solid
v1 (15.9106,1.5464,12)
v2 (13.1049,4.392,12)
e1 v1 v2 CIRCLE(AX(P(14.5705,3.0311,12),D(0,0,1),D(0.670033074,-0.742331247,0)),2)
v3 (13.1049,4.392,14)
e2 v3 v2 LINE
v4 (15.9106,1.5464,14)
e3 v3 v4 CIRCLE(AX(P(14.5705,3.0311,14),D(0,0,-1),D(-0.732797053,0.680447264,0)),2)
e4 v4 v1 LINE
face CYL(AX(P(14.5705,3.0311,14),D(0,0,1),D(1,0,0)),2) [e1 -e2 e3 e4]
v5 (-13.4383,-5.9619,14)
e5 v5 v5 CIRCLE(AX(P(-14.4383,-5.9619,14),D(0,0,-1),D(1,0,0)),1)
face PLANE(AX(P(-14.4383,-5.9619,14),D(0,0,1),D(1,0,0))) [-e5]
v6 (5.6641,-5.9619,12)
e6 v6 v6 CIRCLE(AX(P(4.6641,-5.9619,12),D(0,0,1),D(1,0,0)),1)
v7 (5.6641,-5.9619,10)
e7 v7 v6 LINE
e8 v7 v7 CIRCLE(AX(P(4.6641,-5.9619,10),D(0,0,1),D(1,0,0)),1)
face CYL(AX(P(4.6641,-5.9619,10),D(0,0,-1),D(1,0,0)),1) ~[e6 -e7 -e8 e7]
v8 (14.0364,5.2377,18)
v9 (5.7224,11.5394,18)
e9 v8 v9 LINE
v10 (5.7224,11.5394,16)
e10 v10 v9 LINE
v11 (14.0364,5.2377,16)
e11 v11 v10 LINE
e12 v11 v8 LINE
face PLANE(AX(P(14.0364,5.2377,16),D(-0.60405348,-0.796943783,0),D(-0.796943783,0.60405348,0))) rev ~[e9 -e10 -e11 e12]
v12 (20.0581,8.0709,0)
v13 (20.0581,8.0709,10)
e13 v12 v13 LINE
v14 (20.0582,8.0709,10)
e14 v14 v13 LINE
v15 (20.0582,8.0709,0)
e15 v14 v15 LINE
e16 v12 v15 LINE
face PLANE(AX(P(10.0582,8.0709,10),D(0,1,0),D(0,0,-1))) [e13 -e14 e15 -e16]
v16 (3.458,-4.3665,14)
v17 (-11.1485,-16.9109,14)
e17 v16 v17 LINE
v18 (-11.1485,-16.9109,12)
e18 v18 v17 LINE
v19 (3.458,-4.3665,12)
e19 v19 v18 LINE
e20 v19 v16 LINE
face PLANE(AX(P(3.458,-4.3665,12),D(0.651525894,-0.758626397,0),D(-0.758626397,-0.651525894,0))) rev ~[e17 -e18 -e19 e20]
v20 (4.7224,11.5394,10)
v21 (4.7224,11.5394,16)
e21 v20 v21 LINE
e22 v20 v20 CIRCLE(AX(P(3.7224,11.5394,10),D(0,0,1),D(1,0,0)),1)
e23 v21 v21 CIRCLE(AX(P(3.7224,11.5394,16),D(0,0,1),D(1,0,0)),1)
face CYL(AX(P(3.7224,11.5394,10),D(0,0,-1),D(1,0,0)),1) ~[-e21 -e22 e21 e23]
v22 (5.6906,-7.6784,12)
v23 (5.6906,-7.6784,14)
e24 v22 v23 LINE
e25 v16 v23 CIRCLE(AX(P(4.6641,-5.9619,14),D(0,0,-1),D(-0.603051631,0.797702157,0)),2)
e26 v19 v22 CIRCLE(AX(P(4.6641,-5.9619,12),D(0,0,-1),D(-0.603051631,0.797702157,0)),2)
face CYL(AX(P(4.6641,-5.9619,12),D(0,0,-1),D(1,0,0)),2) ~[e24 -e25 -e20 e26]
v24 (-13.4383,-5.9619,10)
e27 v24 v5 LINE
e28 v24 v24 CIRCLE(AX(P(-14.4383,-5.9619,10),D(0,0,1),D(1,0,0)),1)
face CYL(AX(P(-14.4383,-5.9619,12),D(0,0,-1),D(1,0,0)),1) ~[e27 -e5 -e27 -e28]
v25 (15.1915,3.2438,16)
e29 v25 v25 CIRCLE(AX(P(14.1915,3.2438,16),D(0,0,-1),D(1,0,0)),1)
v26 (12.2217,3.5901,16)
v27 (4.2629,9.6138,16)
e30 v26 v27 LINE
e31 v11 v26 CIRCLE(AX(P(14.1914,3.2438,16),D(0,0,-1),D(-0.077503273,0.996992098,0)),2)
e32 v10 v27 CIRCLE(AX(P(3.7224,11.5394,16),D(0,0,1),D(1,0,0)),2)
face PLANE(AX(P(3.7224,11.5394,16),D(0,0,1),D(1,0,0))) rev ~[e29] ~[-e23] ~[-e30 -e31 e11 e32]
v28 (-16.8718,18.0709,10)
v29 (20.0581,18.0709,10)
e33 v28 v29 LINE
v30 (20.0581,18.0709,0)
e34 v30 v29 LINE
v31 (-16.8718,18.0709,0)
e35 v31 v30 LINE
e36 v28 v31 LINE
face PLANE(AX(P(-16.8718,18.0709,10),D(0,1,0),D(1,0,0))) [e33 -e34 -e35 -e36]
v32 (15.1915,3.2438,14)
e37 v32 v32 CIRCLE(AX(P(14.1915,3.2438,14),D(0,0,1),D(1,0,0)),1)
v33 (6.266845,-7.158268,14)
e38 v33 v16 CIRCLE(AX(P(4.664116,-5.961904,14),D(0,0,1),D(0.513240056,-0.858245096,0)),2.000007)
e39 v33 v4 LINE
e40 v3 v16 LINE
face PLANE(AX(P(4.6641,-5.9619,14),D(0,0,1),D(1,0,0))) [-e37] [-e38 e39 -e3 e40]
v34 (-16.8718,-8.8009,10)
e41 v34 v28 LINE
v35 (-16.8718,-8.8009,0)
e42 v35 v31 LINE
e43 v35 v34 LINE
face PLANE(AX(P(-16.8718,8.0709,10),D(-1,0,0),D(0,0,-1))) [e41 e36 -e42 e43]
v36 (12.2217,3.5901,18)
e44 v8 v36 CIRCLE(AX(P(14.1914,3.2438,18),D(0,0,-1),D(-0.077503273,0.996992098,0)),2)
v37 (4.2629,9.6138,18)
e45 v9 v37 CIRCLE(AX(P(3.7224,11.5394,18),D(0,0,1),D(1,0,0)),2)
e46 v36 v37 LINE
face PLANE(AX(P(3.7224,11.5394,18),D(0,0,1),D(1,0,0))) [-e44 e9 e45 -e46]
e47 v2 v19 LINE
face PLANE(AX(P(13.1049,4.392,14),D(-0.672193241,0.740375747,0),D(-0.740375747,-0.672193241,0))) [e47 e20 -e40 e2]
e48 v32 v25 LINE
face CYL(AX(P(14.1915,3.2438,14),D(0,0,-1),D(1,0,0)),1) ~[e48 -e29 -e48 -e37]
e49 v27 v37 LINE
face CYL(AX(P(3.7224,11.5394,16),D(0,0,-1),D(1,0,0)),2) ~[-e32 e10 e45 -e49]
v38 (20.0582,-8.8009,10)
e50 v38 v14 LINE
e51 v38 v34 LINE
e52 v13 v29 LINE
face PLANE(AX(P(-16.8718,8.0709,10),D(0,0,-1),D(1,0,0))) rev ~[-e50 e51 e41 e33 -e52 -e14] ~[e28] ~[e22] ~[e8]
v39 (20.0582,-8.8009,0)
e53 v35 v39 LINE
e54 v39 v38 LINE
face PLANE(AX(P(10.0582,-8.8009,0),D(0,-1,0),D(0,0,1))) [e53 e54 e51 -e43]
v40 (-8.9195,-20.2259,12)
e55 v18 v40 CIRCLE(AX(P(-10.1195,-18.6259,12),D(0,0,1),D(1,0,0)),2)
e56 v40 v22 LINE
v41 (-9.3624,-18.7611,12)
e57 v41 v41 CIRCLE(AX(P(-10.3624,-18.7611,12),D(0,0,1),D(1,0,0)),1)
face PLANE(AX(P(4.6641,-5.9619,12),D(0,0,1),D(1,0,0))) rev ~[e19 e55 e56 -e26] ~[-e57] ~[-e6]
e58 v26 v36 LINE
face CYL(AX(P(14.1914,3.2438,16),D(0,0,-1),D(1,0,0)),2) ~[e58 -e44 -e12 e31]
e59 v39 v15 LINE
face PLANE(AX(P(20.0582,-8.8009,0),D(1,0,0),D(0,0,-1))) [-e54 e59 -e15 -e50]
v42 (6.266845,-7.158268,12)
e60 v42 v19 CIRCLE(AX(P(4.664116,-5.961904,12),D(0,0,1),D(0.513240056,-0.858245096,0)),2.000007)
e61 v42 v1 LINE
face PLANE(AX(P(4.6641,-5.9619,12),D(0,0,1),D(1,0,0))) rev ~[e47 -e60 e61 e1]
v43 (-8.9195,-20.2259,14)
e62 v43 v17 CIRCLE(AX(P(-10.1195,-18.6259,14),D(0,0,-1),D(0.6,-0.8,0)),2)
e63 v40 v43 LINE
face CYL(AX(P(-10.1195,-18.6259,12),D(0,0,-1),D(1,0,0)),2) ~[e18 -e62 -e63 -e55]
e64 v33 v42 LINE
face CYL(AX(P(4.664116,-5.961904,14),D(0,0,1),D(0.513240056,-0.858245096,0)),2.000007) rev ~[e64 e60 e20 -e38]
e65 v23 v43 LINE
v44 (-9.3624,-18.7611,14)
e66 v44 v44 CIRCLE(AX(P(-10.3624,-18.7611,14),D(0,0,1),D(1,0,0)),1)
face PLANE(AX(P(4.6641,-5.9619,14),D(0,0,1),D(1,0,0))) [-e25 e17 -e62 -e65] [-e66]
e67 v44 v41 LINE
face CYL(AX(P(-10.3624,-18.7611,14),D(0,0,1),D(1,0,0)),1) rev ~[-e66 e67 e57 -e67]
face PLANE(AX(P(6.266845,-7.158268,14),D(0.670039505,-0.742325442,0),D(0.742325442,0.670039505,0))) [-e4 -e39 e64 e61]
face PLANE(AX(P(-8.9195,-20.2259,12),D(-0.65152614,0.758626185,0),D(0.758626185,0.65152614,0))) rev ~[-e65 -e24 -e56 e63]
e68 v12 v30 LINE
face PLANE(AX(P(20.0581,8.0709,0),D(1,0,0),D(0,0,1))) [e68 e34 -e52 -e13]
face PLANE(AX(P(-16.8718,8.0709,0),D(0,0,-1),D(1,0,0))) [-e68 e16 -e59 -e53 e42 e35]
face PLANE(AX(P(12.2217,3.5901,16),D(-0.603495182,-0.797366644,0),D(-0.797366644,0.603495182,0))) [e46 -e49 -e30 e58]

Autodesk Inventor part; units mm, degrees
ref_plane "YZ Plane" through (0, 0, 0) normal (1, 0, 0) x (0, 1, 0)
ref_plane "XZ Plane" through (0, 0, 0) normal (0, 1, 0) x (-1, 0, 0)
ref_plane "XY Plane" through (0, 0, 0) normal (0, 0, 1) x (1, 0, 0)
sketch "Эскиз1" plane through (0, 0, 0) normal (0, 0, 1) x (1, 0, 0)
  line L0 (10.0582, -8.8009) -> (-16.8718, -8.8009)
  line L1 (-16.8718, -8.8009) -> (-16.8718, 8.0709)
  line L2 (-16.8718, 8.0709) -> (10.0582, 8.0709)
  line L3 (10.0582, 8.0709) -> (10.0582, -8.8009)
  point P0 (0, 0)
extrude "Выдавливание1" add sketch "Эскиз1" along normal blind 10
sketch "Эскиз2" plane through (0, 0, 10) normal (0, 0, 1) x (1, 0, 0)
  circle A0 centre (4.6641, -5.9619) radius 1
  circle A1 centre (-14.4383, -5.9619) radius 1
  point P0 (0, 0)
  dimension "d2" = 2
  dimension "d3" = 2
extrude "Выдавливание2" add sketch "Эскиз2" along normal blind 2
sketch "Эскиз3" plane through (4.6641, -5.9619, 12) normal (0, 0, 1) x (1, 0, 0)
  circle A0 centre (0, 0) radius 1 projected
  circle A1 centre (0, 0) radius 2
  circle A2 centre (-14.7836, -12.664) radius 2
  line L0 (-1.2061, 1.5954) -> (-15.8126, -10.949)
  line L1 (-13.5836, -14.264) -> (1.0265, -1.7165)
  point P0 (-4.6641, 5.9619)
  dimension "d6" = 4
  dimension "d7" = 4
extrude "Выдавливание3" add sketch "Эскиз3" along normal blind 2
sketch "Эскиз4" plane through (-14.4383, -5.9619, 12) normal (0, 0, 1) x (1, 0, 0)
  circle A0 centre (0, 0) radius 1
  point P0 (14.4383, 5.9619)
extrude "Выдавливание4" add sketch "Эскиз4" along normal blind 4
sketch "Эскиз5" plane through (4.6641, -5.9619, 14) normal (0, 0, 1) x (1, 0, 0)
  circle A0 centre (-10.7969, -8.6603) radius 1
  point P0 (-4.6641, 5.9619)
  dimension "d12" = 2
extrude "Выдавливание5" add sketch "Эскиз5" along normal blind 2
sketch "Эскиз6" plane through (4.6641, -5.9619, 14) normal (0, 0, 1) x (1, 0, 0)
  circle A0 centre (-15.0265, -12.7992) radius 1
  point P0 (-4.6641, 5.9619)
  dimension "d15" = 2
extrude "Выдавливание6" cut sketch "Эскиз6" against normal blind 10
sketch "Эскиз7" plane through (-14.4383, -5.9619, 16) normal (0, 0, 1) x (1, 0, 0)
  circle A0 centre (0, 0) radius 2
  circle A1 centre (8.3055, -8.6603) radius 1 projected
  circle A2 centre (8.3055, -8.6603) radius 2
  line L0 (7.3055, -6.9282) -> (1.7093, -1.0384)
  line L1 (6.6268, -7.5731) -> (1.0492, -1.7027)
  point P0 (14.4383, 5.9619)
  dimension "d18" = 4
  dimension "d19" = 4
extrude "Выдавливание7" add sketch "Эскиз7" along normal blind 2 contours A0 | A0 L0 A2 L1 | A2 | A1
sketch "Эскиз8" plane through (-14.4383, -5.9619, 18) normal (0, 0, 1) x (1, 0, 0)
  circle A0 centre (0, 0) radius 1
  point P0 (14.4383, 5.9619)
extrude "Выдавливание8" cut sketch "Эскиз8" against normal blind 1
chamfer "Фаска1" distance 0.3 angle 45 4 edges at (-9.9309, -9.9452, 18) (-9.9309, -9.9452, 16) (-10.6004, -10.5998, 16) (-10.6004, -10.5998, 18)
sketch "Эскиз9" plane through (-14.4383, -5.9619, 18) normal (0, 0, 1) x (1, 0, 0)
  line L0 (-16.7765, 10.1097) -> (30.4978, 10.1097)
  line L1 (30.4978, 10.1097) -> (30.4978, -12.7564)
  line L2 (30.4978, -12.7564) -> (-16.7765, -12.7564)
  line L3 (-16.7765, -12.7564) -> (-16.7765, 10.1097)
  point P0 (14.4383, 5.9619)
extrude "Выдавливание9" cut sketch "Эскиз9" against normal blind 4
sketch "Эскиз10" plane through (10.0582, -8.8009, 0) normal (1, 0, 0) x (0, 0, -1)
  line L0 (0, 0) -> (0, 16.8718) projected
  line L1 (-10, 0) -> (-10, 16.8718) projected
  line L2 (0, 0) -> (-10, 0)
  line L3 (-10, 0) -> (-10, 16.8718)
  line L4 (-10, 16.8718) -> (0, 16.8718)
  line L5 (0, 16.8718) -> (0, 0)
  point P0 (0, 8.8009)
extrude "Выдавливание10" add sketch "Эскиз10" along normal blind 10
sketch "Эскиз11" plane through (4.6641, -5.9619, 14) normal (0, 0, 1) x (1, 0, 0)
  circle A0 centre (9.9064, 8.993) radius 2
  arc A1 (1.0265, -1.7165) -> (-1.2061, 1.5954) centre (0, 0) ccw projected
  line L0 (8.4408, 10.3539) -> (-1.2061, 1.5954)
  line L1 (-1.2061, 1.5954) -> (1.0265, -1.7165)
  line L2 (1.0265, -1.7165) -> (11.2465, 7.5083)
  point P0 (-4.6641, 5.9619)
  point P1 (1.6027, -1.1964)
  dimension "d31" = 4
extrude "Выдавливание11" add sketch "Эскиз11" against normal blind 2 contours A0 | A0 L2 A1 L0
sketch "Эскиз12" plane through (-16.8718, 8.0709, 10) normal (0, 1, 0) x (1, 0, 0)
  line L0 (0, 10) -> (36.9299, 10) projected
  line L1 (0, 0) -> (36.9299, 0) projected
  line L2 (0, 10) -> (36.9299, 10)
  line L3 (36.9299, 10) -> (36.9299, 0)
  line L4 (36.9299, 0) -> (0, 0)
  line L5 (0, 0) -> (0, 10)
  point P0 (16.8718, 10)
extrude "Выдавливание12" add sketch "Эскиз12" along normal blind 10
sketch "Эскиз13" plane through (0, 0, 10) normal (0, 0, 1) x (1, 0, 0)
  circle A0 centre (3.7224, 11.5394) radius 1
  point P0 (0, 0)
  dimension "d36" = 2
extrude "Выдавливание13" add sketch "Эскиз13" along normal blind 6
sketch "Эскиз14" plane through (4.6641, -5.9619, 14) normal (0, 0, 1) x (1, 0, 0)
  circle A0 centre (9.5274, 9.2057) radius 1
  point P0 (-4.6641, 5.9619)
  dimension "d39" = 2
extrude "Выдавливание14" add sketch "Эскиз14" along normal blind 2
sketch "Эскиз15" plane through (3.7224, 11.5394, 16) normal (0, 0, 1) x (1, 0, 0)
  circle A0 centre (0, 0) radius 1 projected
  circle A1 centre (0, 0) radius 2
  circle A2 centre (10.469, -8.2956) radius 1 projected
  circle A3 centre (10.469, -8.2956) radius 2
  line L0 (10.314, -6.3017) -> (2, 0)
  line L1 (9.3825, -7.1474) -> (-0.2644, -15.9059) projected
  line L2 (8.4993, -7.9493) -> (0.5405, -1.9256)
  point P0 (-3.7224, -11.5394)
  dimension "d42" = 4
  dimension "d43" = 4
extrude "Выдавливание15" add sketch "Эскиз15" along normal blind 2 contours A0 | A1 | L0 A3 L2 A1 | A3 | A2
